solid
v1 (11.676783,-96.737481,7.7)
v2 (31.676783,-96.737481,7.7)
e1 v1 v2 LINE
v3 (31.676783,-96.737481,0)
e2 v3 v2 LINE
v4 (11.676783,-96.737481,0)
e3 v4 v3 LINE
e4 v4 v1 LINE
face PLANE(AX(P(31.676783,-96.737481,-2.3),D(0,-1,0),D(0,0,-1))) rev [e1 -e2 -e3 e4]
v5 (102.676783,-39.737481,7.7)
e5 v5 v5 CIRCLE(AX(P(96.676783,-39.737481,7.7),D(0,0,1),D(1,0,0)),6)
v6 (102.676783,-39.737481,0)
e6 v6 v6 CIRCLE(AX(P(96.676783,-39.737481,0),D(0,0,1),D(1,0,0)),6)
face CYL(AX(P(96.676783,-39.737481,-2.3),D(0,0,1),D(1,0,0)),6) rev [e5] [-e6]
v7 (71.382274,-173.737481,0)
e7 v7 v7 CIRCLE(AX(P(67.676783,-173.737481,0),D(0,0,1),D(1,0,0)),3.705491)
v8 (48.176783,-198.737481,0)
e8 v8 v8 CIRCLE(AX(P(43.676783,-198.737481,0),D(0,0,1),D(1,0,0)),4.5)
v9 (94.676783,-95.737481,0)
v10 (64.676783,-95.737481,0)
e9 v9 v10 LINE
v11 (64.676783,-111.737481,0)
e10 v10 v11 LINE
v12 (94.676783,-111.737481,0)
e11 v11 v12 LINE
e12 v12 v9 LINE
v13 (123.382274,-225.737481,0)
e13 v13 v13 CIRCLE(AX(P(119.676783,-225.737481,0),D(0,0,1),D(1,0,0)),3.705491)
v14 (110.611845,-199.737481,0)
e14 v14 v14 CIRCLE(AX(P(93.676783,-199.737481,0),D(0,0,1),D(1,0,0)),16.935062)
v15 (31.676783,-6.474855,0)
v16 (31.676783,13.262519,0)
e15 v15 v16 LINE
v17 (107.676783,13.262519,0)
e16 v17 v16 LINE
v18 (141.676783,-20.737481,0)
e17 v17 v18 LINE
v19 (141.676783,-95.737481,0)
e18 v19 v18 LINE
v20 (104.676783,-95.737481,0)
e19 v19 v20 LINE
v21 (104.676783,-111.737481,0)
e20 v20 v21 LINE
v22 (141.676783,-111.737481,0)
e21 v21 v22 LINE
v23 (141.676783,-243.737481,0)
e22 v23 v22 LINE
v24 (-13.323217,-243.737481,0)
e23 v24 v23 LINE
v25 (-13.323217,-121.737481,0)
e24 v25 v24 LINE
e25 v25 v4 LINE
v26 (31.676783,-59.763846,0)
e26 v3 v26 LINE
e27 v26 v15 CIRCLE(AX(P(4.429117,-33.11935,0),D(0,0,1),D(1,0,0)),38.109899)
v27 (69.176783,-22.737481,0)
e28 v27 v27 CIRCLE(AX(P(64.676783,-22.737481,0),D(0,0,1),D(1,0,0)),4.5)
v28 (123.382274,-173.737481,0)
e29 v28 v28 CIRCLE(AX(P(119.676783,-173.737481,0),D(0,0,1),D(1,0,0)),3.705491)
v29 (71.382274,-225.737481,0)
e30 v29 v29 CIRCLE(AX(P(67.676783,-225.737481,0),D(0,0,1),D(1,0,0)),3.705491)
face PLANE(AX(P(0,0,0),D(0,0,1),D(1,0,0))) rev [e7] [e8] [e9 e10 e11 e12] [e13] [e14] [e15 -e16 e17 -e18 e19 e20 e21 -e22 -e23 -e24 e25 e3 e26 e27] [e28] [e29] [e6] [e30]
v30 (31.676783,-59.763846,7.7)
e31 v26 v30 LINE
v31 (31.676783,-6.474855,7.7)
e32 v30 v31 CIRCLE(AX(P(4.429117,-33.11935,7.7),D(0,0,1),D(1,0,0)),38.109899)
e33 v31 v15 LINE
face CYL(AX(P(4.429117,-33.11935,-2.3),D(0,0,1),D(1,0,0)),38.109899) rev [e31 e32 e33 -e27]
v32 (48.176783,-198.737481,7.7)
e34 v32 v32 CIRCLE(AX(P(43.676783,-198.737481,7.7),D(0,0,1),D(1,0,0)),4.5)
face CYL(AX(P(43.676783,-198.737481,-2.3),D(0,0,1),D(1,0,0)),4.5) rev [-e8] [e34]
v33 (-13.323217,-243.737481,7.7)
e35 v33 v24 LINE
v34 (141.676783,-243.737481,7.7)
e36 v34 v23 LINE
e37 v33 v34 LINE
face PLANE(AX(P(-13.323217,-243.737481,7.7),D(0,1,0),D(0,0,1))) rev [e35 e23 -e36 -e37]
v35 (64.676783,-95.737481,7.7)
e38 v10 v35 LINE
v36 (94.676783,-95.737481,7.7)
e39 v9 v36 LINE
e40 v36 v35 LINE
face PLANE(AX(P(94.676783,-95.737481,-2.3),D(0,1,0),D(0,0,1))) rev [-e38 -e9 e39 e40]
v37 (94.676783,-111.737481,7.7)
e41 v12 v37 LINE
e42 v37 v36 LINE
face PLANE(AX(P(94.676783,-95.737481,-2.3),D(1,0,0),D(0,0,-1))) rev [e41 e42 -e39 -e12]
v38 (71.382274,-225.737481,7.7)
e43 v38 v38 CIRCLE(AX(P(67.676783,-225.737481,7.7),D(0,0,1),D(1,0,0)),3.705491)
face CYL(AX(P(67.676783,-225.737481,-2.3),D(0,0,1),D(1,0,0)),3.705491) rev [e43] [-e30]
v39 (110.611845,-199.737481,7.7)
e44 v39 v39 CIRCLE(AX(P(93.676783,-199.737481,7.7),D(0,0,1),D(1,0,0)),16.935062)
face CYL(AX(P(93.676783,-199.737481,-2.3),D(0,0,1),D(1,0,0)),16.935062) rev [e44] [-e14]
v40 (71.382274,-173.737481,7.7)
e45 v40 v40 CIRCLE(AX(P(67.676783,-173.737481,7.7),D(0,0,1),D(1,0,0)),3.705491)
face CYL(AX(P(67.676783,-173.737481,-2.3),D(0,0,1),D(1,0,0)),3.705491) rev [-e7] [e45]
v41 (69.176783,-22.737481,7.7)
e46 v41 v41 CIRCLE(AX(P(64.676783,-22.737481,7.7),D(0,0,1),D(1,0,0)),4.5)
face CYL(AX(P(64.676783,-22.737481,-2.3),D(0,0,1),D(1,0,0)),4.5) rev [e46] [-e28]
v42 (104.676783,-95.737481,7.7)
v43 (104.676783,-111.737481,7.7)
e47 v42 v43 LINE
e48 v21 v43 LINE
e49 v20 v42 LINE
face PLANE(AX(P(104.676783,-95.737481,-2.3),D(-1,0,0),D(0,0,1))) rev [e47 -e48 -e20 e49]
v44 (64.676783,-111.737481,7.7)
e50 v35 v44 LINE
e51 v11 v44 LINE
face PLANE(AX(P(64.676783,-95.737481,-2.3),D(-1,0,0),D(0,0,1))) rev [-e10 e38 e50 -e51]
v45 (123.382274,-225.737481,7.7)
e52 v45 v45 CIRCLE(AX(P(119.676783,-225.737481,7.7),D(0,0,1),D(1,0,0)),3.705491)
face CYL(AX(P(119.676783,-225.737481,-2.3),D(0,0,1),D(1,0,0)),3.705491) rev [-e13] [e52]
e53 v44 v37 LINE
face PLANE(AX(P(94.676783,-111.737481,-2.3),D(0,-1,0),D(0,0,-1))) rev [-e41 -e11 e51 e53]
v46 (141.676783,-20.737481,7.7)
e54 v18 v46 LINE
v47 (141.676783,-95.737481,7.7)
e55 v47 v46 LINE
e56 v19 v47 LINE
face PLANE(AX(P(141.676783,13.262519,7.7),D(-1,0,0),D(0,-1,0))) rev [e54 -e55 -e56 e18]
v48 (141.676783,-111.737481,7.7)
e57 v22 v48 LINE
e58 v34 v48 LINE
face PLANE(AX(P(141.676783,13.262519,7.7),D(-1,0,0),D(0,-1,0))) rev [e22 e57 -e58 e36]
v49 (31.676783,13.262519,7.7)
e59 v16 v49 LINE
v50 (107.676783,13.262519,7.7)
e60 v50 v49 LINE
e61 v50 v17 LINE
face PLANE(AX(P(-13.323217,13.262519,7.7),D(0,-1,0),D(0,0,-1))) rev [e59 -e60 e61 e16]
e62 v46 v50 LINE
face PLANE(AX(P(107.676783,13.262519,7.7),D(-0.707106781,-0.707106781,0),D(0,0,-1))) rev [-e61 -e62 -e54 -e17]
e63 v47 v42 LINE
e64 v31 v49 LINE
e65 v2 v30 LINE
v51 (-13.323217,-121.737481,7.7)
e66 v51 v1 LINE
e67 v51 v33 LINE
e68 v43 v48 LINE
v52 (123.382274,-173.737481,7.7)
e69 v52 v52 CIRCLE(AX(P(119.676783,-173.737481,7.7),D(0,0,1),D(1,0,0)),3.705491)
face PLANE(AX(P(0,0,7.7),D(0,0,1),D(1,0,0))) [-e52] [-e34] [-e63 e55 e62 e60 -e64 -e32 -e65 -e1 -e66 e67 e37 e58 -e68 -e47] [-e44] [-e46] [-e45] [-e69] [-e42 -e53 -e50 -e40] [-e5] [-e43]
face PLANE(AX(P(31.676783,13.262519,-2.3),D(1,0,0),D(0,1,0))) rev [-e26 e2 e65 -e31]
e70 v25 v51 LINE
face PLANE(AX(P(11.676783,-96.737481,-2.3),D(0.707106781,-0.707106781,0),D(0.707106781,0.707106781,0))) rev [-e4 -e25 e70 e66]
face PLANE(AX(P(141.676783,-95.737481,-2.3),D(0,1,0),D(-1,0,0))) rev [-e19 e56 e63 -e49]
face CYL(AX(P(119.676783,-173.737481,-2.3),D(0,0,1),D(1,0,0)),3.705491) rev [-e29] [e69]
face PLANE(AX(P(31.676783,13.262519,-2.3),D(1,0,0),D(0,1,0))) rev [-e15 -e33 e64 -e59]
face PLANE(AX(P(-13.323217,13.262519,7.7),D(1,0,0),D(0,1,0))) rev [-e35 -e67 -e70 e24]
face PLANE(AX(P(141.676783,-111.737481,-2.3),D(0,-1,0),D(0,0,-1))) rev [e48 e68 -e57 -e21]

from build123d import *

# Parameters (mm, degrees)
SKETCH1_W            = 155
SKETCH1_H            = 257
BOSS_EXTRUDE1_DEPTH  = 7.7
CHAMFER1_SIZE        = 34
SKETCH2_R            = 4.5
SKETCH2_W            = 37
SKETCH2_H            = 16
CUT_EXTRUDE1_DEPTH   = 10
SKETCH3_R            = 38.109899267
CUT_EXTRUDE2_DEPTH   = 10
CUT_EXTRUDE3_DEPTH   = 10
SKETCH5_R            = 16.935062279
CUT_EXTRUDE4_DEPTH   = 10
SKETCH6_R            = 3.705491154
CUT_EXTRUDE5_DEPTH   = 10
LPATTERN1_COUNT      = 2
LPATTERN1_PITCH      = 52
LPATTERN1_COUNT_DIR2 = 2
LPATTERN1_PITCH_DIR2 = 52
SKETCH7_R            = 6
CUT_EXTRUDE6_DEPTH   = 10
SKETCH8_W            = 30
SKETCH8_H            = 16
CUT_EXTRUDE7_DEPTH   = 10


with BuildPart() as part:
    # Sketch1 → Boss-Extrude1 (new body)
    with BuildSketch(Plane.XY):
        with Locations((64.176783005, -115.237481032)):
            Rectangle(SKETCH1_W, SKETCH1_H)
    extrude(amount=BOSS_EXTRUDE1_DEPTH)

    # Chamfer1
    chamfer1_edges = [part.edges().sort_by_distance(p)[0] for p in [
        (141.676783005, 13.262518968, 3.85),
    ]]
    chamfer(chamfer1_edges, length=CHAMFER1_SIZE)

    # Sketch2 → Cut-Extrude1 (cut)
    with BuildSketch(Plane.XY.offset(7.7)):
        with Locations((64.676783005, -22.737481032)):
            Circle(SKETCH2_R)
        with Locations((43.676783005, -198.737481032)):
            Circle(SKETCH2_R)
        with Locations((123.176783005, -103.737481032)):
            Rectangle(SKETCH2_W, SKETCH2_H)
    extrude(amount=-CUT_EXTRUDE1_DEPTH, mode=Mode.SUBTRACT)

    # Sketch3 → Cut-Extrude2 (cut)
    with BuildSketch(Plane.XY.offset(7.7)):
        with Locations((4.429117296, -33.119350325)):
            Circle(SKETCH3_R)
    extrude(amount=-CUT_EXTRUDE2_DEPTH, mode=Mode.SUBTRACT)

    # Sketch4 → Cut-Extrude3 (cut)
    with BuildSketch(Plane.XY.offset(7.7)):
        Polygon((31.676783005, 13.262518968), (31.676783005, -96.737481032), (11.676783005, -96.737481032), (-13.323216995, -121.737481032), (-67.69781948, -122.43585218), (-69.553853122, 22.073398829), (23.898503121, 29.809405578), align=None)
    extrude(amount=-CUT_EXTRUDE3_DEPTH, mode=Mode.SUBTRACT)

    # Sketch5 → Cut-Extrude4 (cut)
    with BuildSketch(Plane.XY.offset(7.7)):
        with Locations((93.676783005, -199.737481032)):
            Circle(SKETCH5_R)
    extrude(amount=-CUT_EXTRUDE4_DEPTH, mode=Mode.SUBTRACT)

    # Sketch6 → Cut-Extrude5 (cut)
    with BuildSketch(Plane.XY.offset(7.7)):
        with Locations((67.676783005, -225.737481032)):
            Circle(SKETCH6_R)
    cut_extrude5 = extrude(amount=-CUT_EXTRUDE5_DEPTH, mode=Mode.SUBTRACT)

    # LPattern1: Cut-Extrude5 2 × 2
    with Locations(*[(j * LPATTERN1_PITCH_DIR2, i * LPATTERN1_PITCH, 0) for i in range(LPATTERN1_COUNT) for j in range(LPATTERN1_COUNT_DIR2) if (i, j) != (0, 0)]):
        add(cut_extrude5, mode=Mode.SUBTRACT)

    # Sketch7 → Cut-Extrude6 (cut)
    with BuildSketch(Plane.XY.offset(7.7)):
        with Locations((96.676783005, -39.737481032)):
            Circle(SKETCH7_R)
    extrude(amount=-CUT_EXTRUDE6_DEPTH, mode=Mode.SUBTRACT)

    # Sketch8 → Cut-Extrude7 (cut)
    with BuildSketch(Plane.XY.offset(7.7)):
        with Locations((79.676783005, -103.737481032)):
            Rectangle(SKETCH8_W, SKETCH8_H)
    extrude(amount=-CUT_EXTRUDE7_DEPTH, mode=Mode.SUBTRACT)


solid = part.part
